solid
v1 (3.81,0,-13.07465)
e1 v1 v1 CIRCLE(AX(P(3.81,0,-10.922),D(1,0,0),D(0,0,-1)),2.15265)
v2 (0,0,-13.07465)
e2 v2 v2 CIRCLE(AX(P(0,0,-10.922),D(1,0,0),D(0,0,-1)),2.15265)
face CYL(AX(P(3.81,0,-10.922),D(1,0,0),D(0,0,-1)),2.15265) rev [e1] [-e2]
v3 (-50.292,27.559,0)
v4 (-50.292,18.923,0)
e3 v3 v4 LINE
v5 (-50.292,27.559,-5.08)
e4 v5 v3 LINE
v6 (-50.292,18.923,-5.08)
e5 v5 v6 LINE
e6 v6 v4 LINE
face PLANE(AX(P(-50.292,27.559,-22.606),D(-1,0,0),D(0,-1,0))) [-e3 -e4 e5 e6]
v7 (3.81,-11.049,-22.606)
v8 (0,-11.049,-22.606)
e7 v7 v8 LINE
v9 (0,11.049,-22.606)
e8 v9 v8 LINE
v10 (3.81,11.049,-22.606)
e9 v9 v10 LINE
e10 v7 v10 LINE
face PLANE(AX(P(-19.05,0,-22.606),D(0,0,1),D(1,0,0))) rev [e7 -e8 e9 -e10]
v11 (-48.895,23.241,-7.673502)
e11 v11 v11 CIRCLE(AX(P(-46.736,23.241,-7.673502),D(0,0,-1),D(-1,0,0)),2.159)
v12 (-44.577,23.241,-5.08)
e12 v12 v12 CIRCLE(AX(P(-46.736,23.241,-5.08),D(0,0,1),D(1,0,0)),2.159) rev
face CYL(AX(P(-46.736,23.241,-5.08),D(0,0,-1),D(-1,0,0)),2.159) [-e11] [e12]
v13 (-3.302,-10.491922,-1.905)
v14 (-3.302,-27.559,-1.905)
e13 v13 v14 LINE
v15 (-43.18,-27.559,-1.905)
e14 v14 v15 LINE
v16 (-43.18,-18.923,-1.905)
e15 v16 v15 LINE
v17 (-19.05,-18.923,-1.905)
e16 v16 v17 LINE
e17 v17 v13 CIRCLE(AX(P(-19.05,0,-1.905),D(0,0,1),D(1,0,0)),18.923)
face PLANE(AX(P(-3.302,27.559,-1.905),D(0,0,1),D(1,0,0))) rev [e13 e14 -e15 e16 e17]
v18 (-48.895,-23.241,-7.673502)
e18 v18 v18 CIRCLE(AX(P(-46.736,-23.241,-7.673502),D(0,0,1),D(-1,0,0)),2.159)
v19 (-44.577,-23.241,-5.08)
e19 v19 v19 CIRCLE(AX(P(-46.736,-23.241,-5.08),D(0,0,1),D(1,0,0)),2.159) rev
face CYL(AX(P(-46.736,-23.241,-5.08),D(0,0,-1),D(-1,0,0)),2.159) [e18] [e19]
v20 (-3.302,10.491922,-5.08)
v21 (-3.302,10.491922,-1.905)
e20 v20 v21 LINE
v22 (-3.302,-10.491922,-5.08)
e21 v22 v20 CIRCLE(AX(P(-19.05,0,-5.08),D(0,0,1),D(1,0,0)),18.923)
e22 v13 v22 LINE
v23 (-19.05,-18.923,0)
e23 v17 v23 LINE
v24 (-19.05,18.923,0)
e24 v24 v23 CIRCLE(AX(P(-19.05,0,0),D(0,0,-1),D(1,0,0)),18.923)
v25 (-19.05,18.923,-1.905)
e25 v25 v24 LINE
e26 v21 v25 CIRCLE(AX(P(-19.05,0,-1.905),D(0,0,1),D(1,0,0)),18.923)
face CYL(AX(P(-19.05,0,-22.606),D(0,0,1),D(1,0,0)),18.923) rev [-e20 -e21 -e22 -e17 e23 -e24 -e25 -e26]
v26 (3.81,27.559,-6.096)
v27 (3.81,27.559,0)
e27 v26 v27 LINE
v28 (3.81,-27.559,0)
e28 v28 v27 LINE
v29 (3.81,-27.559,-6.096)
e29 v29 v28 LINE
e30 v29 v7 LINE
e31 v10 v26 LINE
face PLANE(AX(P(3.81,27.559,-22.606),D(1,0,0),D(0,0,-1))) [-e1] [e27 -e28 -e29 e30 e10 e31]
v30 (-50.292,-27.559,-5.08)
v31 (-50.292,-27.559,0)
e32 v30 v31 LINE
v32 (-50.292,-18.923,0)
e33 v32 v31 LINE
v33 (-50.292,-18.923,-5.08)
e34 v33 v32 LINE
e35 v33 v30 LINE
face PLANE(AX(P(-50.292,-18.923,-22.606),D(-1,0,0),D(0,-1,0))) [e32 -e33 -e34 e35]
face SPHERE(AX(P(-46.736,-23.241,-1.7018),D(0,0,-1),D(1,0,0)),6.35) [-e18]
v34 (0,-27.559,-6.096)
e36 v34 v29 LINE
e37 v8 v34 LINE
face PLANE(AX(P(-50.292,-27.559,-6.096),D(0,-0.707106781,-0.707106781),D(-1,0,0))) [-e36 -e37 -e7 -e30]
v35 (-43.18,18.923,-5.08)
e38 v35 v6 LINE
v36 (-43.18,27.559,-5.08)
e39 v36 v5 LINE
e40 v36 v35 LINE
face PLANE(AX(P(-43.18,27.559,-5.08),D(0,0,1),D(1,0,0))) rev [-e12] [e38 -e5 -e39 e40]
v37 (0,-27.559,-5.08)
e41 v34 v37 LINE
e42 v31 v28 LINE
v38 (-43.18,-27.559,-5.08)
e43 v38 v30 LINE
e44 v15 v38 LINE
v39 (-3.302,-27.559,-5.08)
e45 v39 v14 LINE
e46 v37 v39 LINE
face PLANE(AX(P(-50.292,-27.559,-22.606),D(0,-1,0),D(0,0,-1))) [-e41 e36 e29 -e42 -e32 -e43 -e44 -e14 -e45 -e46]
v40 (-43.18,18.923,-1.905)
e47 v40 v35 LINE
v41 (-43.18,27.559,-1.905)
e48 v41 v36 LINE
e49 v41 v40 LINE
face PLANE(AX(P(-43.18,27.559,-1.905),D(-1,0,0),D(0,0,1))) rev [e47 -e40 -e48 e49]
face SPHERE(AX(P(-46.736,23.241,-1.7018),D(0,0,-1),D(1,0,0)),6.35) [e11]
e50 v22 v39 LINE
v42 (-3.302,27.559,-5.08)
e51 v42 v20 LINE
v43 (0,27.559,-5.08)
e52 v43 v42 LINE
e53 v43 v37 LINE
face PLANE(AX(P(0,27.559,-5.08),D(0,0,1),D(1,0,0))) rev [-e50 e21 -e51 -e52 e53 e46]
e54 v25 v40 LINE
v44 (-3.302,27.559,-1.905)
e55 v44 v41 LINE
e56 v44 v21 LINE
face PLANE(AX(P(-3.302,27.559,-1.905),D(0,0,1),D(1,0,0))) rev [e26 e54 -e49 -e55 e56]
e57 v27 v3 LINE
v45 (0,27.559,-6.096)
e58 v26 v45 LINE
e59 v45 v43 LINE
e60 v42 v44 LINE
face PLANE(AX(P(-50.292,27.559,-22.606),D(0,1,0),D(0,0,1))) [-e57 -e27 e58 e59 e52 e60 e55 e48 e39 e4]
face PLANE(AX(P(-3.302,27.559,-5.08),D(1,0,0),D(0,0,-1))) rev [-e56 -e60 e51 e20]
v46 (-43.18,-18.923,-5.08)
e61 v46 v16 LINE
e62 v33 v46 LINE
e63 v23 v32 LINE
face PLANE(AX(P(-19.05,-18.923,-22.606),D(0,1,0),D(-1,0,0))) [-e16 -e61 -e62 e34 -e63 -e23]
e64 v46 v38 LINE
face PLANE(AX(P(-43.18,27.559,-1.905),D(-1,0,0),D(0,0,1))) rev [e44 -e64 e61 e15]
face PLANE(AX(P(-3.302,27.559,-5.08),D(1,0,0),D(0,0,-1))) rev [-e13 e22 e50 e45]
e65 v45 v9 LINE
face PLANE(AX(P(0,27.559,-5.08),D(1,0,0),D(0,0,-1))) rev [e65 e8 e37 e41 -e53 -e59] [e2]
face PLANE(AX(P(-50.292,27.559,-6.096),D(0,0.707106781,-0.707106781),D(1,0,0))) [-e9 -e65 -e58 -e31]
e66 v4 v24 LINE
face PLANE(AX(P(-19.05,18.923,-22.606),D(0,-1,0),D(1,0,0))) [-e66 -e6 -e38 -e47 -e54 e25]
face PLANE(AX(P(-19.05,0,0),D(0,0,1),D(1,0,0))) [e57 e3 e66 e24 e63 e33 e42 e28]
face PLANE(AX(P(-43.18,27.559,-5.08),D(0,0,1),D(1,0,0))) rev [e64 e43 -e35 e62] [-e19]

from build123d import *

# Parameters (mm, degrees)
BOSS_EXTRUDE1_DEPTH       = 22.606
CUT_EXTRUDE1_DEPTH        = 56.118
F_8_CLEARANCE_HOLE1_D     = 4.3053
F_8_CLEARANCE_HOLE1_DEPTH = 3.81
CHAMFER1_SIZE             = 16.51


with BuildPart() as part:
    # Sketch1 w/mock PCB → Boss-Extrude1 (new body)
    with BuildSketch(Plane.XY):
        with BuildLine():
            Line((-19.05, 18.923), (-50.292, 18.923))
            Line((-50.292, 18.923), (-50.292, 27.559))
            Line((-50.292, 27.559), (3.81, 27.559))
            Line((3.81, 27.559), (3.81, -27.559))
            Line((3.81, -27.559), (-50.292, -27.559))
            Line((-50.292, -27.559), (-50.292, -18.923))
            Line((-50.292, -18.923), (-19.05, -18.923))
            ThreePointArc((-19.05, -18.923), (-0.127, 0), (-19.05, 18.923))
        make_face()
    extrude(amount=-BOSS_EXTRUDE1_DEPTH)

    # Sketch1 → Cut-Extrude1 (cut, through all)
    with BuildSketch(Plane.XZ.offset(27.559)):
        Polygon((-3.302, -5.08), (-3.302, -1.905), (-43.18, -1.905), (-43.18, -5.08), (-50.292, -5.08), (-50.292, -22.606), (0, -22.606), (0, -5.08), align=None)
    extrude(amount=-CUT_EXTRUDE1_DEPTH, mode=Mode.SUBTRACT)

    # #8 Clearance Hole1
    with Locations(Plane(origin=(3.81, 0, 0), x_dir=(0, 0, -1), z_dir=(1, 0, 0))):
        with Locations((10.922, 0)):
            Hole(F_8_CLEARANCE_HOLE1_D / 2, depth=F_8_CLEARANCE_HOLE1_DEPTH)

    # Sketch8 → Revolve1 (revolve)
    with BuildSketch(Plane(origin=(0, 23.241, 0), x_dir=(1, 0, 0), z_dir=(0, 1, 0))):
        with BuildLine():
            Line((-46.736, 8.0518), (-46.736, 5.08))
            Line((-46.736, 5.08), (-44.577, 5.08))
            Line((-44.577, 5.08), (-44.577, 7.673501516))
            ThreePointArc((-44.577, 7.673501516), (-45.640053977, 7.95651041), (-46.736, 8.0518))
        make_face()
    revolve1 = revolve(axis=Axis((-46.736, 23.241, -5.08), (0, 0, 1)))

    # Mirror1: Revolve1 across plane
    add(revolve1.mirror(Plane.ZX))

    # Chamfer1
    chamfer1_edges = [part.edges().sort_by_distance(p)[0] for p in [
        (1.905, -27.559, -22.606),
        (1.905, 27.559, -22.606),
    ]]
    chamfer(chamfer1_edges, length=CHAMFER1_SIZE)


solid = part.part
